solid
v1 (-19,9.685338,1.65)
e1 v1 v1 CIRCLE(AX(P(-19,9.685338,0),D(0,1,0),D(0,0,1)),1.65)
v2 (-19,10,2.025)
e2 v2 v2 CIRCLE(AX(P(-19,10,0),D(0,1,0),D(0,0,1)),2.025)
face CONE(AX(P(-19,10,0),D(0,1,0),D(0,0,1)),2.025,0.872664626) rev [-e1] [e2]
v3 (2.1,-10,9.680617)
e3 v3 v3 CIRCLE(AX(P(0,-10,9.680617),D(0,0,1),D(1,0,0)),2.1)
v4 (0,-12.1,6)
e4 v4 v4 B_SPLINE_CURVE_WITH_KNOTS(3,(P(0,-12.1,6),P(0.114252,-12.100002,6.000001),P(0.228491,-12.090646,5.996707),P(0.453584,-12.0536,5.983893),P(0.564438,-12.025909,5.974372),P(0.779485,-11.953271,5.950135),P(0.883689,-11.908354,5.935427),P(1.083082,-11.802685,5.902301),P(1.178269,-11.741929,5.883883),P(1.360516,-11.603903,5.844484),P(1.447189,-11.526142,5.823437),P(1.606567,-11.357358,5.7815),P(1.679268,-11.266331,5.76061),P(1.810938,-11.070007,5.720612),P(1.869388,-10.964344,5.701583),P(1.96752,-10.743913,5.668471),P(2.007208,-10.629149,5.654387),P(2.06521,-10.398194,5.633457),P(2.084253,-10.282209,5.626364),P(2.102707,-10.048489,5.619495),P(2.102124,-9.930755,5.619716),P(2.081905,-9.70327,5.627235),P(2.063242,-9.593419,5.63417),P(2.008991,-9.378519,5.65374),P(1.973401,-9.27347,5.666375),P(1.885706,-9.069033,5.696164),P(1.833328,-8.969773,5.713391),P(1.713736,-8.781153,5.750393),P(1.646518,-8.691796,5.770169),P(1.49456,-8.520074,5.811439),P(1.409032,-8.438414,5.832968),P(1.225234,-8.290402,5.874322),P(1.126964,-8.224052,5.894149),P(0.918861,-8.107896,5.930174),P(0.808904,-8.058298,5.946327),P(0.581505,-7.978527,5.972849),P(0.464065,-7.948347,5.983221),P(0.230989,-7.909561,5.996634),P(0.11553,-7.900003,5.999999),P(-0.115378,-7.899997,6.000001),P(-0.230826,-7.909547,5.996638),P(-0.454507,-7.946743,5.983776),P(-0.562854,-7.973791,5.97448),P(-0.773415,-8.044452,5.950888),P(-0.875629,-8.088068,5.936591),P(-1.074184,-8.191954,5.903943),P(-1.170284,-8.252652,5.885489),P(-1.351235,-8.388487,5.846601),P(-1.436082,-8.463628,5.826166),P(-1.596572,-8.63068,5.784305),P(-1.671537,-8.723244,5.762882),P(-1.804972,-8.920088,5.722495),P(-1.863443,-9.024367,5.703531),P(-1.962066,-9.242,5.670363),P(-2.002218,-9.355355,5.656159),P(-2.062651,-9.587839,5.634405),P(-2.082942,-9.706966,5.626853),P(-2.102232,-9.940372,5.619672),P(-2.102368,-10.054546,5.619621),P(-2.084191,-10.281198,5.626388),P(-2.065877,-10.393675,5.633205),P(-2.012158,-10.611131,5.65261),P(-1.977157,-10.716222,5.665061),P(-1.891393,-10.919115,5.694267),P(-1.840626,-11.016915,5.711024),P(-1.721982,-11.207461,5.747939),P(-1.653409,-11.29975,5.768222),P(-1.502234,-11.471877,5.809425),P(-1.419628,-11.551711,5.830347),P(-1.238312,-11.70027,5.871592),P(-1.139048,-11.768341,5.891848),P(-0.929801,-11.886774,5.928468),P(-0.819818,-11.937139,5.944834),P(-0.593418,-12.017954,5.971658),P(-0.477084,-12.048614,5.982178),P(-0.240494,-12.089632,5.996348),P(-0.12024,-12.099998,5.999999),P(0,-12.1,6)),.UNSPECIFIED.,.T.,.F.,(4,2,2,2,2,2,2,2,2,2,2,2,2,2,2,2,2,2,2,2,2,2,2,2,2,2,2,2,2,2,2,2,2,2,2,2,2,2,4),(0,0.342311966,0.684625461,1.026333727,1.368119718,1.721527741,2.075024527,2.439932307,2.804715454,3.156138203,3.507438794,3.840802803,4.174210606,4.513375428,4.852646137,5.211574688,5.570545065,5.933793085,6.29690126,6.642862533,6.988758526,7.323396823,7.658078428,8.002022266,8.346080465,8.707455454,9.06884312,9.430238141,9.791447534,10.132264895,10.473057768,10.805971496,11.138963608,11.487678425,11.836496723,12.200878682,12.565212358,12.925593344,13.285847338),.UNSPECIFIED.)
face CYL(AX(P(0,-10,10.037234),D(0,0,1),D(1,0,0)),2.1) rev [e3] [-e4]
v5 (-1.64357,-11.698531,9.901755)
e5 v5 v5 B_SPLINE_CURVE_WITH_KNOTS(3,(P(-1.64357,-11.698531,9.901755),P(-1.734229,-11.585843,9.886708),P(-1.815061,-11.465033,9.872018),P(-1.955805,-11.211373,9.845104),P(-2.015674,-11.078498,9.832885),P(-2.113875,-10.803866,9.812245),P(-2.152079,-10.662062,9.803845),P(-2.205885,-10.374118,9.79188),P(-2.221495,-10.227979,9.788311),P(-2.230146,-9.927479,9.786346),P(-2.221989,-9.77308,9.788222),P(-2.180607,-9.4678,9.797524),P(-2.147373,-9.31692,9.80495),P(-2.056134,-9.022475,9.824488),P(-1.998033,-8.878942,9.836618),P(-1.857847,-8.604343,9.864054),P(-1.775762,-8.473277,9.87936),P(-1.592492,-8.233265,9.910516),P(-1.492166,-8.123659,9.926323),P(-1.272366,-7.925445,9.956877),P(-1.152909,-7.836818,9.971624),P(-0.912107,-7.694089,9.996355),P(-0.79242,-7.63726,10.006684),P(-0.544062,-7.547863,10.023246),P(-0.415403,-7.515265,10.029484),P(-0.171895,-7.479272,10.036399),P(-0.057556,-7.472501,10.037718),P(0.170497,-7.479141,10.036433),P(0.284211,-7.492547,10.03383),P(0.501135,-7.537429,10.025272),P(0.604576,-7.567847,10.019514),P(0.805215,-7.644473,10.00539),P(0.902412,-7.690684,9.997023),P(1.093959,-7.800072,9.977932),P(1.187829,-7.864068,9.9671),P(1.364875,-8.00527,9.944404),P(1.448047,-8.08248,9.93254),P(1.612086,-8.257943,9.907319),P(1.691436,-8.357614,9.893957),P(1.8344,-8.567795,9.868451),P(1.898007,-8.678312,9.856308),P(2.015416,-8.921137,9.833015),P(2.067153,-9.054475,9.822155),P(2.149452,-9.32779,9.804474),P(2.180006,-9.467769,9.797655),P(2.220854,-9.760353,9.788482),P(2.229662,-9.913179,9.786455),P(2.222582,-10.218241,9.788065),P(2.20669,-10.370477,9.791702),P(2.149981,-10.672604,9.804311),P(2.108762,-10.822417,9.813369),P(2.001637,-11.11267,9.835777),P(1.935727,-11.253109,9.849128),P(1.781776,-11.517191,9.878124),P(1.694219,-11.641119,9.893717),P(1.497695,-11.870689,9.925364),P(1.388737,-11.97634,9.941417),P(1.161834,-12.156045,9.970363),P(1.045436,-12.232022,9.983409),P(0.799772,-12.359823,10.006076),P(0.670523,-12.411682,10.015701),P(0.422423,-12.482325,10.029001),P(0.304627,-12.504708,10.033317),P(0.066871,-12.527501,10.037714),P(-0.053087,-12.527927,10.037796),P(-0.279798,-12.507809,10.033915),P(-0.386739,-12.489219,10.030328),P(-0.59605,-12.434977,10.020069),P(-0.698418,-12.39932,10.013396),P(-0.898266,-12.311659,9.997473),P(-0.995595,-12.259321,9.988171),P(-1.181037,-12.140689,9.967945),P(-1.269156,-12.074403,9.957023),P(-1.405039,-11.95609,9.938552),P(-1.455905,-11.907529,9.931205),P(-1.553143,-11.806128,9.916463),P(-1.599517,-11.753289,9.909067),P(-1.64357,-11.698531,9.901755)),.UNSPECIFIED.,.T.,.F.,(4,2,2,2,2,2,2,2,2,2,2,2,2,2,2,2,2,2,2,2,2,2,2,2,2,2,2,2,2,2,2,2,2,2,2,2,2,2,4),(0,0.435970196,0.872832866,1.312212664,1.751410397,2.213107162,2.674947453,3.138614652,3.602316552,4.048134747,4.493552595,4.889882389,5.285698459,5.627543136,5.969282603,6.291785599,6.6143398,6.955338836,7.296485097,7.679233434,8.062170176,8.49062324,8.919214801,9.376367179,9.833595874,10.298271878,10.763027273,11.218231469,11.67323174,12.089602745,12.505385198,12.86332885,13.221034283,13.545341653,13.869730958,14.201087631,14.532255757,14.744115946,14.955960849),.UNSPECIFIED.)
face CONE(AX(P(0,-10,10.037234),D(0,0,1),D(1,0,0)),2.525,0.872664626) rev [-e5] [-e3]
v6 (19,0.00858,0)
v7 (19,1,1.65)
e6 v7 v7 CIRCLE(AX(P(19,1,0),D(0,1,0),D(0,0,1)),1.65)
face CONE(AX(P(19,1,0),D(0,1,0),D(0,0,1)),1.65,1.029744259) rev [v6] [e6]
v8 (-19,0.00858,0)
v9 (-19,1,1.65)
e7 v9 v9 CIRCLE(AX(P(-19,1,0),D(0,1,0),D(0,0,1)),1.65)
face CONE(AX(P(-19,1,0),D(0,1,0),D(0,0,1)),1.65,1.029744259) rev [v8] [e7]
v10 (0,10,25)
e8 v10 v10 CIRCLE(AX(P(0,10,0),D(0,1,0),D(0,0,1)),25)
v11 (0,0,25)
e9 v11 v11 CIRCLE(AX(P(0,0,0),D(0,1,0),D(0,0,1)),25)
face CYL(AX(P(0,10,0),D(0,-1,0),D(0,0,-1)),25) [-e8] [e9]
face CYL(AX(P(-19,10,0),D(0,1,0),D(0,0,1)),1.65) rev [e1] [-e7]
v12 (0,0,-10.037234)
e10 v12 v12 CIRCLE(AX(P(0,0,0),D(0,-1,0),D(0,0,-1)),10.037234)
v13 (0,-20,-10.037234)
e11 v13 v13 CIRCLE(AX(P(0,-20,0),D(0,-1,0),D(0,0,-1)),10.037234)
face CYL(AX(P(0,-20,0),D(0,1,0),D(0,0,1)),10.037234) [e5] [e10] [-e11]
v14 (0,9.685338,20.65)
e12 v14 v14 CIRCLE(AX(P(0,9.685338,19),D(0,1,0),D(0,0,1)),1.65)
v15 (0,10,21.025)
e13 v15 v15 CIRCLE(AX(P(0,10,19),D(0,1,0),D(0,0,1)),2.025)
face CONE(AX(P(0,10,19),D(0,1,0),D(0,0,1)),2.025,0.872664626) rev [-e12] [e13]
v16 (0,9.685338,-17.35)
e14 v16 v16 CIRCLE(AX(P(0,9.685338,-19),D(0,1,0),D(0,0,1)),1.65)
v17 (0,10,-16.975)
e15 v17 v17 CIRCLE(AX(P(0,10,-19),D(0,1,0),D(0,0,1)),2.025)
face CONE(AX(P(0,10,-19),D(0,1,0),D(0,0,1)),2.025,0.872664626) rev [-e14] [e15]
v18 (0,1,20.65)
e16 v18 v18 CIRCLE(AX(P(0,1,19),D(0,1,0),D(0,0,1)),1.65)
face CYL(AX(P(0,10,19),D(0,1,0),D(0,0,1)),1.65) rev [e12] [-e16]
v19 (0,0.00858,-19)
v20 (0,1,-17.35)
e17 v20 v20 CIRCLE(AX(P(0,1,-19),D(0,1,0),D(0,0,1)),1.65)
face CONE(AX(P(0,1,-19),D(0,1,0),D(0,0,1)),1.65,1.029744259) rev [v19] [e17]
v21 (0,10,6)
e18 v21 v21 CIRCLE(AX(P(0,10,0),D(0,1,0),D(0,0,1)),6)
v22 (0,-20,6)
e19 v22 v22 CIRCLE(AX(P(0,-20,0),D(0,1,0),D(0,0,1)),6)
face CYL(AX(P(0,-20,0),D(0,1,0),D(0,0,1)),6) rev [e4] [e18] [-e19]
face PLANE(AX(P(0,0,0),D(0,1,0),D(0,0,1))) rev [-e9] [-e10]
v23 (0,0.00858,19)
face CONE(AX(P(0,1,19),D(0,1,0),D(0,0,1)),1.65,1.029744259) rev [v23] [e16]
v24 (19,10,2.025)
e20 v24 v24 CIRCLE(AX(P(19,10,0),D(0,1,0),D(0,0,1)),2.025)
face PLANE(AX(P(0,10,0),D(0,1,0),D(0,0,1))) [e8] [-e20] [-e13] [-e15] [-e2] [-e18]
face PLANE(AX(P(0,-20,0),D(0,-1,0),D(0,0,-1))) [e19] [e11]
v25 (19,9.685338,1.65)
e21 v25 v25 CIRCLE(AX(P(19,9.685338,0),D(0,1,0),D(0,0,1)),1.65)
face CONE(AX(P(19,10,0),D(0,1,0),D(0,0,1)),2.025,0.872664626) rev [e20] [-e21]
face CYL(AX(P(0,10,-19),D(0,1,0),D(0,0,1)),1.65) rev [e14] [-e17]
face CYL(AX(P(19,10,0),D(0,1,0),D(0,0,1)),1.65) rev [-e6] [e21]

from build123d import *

# Parameters (mm, degrees)
SKETCH1_R                       = 25
BOSS_EXTRUDE1_DEPTH             = 10
SKETCH2_R                       = 10.037234393
BOSS_EXTRUDE2_DEPTH             = 20
SKETCH3_R                       = 6
CUT_EXTRUDE1_DEPTH              = 47.368092477
CIRPATTERN1_COUNT               = 4
M5X0_8_TAPPED_HOLE1_D           = 4.2
M5X0_8_TAPPED_HOLE1_DEPTH       = 11
M5X0_8_TAPPED_HOLE1_CSINK_D     = 5.05
M5X0_8_TAPPED_HOLE1_CSINK_ANGLE = 100
M5X0_8_TAPPED_HOLE1_TIP         = 1.2618073


with BuildPart() as part:
    # Sketch1 → Boss-Extrude1 (new body)
    with BuildSketch(Plane(origin=(0, 0, 0), x_dir=(1, 0, 0), z_dir=(0, 1, 0))):
        with Locations(Location((0, 0, 0), (0, 0, 270))):
            Circle(SKETCH1_R)
    extrude(amount=BOSS_EXTRUDE1_DEPTH)

    # Sketch2 → Boss-Extrude2 (add)
    with BuildSketch(Plane.XZ):
        with Locations(Location((0, 0, 0), (0, 0, 270))):
            Circle(SKETCH2_R)
    extrude(amount=BOSS_EXTRUDE2_DEPTH)

    # Sketch3 → Cut-Extrude1 (cut, through all)
    with BuildSketch(Plane(origin=(0, 10, 0), x_dir=(1, 0, 0), z_dir=(0, 1, 0))):
        with Locations(Location((0, 0, 0), (0, 0, 270))):
            Circle(SKETCH3_R)
    extrude(amount=-CUT_EXTRUDE1_DEPTH, mode=Mode.SUBTRACT)

    # Sketch5 → M4x0.7 Tapped Hole1 (revolve, cut)
    with BuildSketch(Plane(origin=(19, 10, 0), x_dir=(0, 0, 1), z_dir=(1, 0, 0))):
        Polygon((0, 0), (0, 9.991420021), (1.65, 9), (1.65, 0.314662362), (2.025, 0), align=None)
    m4x0_7_tapped_hole1 = revolve(axis=Axis((19, 16.35, 0), (0, -1, 0)), mode=Mode.SUBTRACT)

    # CirPattern1: M4x0.7 Tapped Hole1 ×4 about axis
    cirpattern1_axis = Axis((0, 0, 0), (0, 1, 0))
    for i in range(1, CIRPATTERN1_COUNT):
        add(m4x0_7_tapped_hole1.rotate(cirpattern1_axis, i * 360 / CIRPATTERN1_COUNT), mode=Mode.SUBTRACT)

    # M5x0.8 Tapped Hole1
    with Locations(Plane.XY.offset(10.037234393)):
        with Locations((0, -10)):
            CounterSinkHole(M5X0_8_TAPPED_HOLE1_D / 2, M5X0_8_TAPPED_HOLE1_CSINK_D / 2, depth=M5X0_8_TAPPED_HOLE1_DEPTH, counter_sink_angle=M5X0_8_TAPPED_HOLE1_CSINK_ANGLE)
            with Locations((0, 0, -(M5X0_8_TAPPED_HOLE1_DEPTH + M5X0_8_TAPPED_HOLE1_TIP / 2))):  # 118° drill point
                Cone(0, M5X0_8_TAPPED_HOLE1_D / 2, M5X0_8_TAPPED_HOLE1_TIP, mode=Mode.SUBTRACT)


solid = part.part
